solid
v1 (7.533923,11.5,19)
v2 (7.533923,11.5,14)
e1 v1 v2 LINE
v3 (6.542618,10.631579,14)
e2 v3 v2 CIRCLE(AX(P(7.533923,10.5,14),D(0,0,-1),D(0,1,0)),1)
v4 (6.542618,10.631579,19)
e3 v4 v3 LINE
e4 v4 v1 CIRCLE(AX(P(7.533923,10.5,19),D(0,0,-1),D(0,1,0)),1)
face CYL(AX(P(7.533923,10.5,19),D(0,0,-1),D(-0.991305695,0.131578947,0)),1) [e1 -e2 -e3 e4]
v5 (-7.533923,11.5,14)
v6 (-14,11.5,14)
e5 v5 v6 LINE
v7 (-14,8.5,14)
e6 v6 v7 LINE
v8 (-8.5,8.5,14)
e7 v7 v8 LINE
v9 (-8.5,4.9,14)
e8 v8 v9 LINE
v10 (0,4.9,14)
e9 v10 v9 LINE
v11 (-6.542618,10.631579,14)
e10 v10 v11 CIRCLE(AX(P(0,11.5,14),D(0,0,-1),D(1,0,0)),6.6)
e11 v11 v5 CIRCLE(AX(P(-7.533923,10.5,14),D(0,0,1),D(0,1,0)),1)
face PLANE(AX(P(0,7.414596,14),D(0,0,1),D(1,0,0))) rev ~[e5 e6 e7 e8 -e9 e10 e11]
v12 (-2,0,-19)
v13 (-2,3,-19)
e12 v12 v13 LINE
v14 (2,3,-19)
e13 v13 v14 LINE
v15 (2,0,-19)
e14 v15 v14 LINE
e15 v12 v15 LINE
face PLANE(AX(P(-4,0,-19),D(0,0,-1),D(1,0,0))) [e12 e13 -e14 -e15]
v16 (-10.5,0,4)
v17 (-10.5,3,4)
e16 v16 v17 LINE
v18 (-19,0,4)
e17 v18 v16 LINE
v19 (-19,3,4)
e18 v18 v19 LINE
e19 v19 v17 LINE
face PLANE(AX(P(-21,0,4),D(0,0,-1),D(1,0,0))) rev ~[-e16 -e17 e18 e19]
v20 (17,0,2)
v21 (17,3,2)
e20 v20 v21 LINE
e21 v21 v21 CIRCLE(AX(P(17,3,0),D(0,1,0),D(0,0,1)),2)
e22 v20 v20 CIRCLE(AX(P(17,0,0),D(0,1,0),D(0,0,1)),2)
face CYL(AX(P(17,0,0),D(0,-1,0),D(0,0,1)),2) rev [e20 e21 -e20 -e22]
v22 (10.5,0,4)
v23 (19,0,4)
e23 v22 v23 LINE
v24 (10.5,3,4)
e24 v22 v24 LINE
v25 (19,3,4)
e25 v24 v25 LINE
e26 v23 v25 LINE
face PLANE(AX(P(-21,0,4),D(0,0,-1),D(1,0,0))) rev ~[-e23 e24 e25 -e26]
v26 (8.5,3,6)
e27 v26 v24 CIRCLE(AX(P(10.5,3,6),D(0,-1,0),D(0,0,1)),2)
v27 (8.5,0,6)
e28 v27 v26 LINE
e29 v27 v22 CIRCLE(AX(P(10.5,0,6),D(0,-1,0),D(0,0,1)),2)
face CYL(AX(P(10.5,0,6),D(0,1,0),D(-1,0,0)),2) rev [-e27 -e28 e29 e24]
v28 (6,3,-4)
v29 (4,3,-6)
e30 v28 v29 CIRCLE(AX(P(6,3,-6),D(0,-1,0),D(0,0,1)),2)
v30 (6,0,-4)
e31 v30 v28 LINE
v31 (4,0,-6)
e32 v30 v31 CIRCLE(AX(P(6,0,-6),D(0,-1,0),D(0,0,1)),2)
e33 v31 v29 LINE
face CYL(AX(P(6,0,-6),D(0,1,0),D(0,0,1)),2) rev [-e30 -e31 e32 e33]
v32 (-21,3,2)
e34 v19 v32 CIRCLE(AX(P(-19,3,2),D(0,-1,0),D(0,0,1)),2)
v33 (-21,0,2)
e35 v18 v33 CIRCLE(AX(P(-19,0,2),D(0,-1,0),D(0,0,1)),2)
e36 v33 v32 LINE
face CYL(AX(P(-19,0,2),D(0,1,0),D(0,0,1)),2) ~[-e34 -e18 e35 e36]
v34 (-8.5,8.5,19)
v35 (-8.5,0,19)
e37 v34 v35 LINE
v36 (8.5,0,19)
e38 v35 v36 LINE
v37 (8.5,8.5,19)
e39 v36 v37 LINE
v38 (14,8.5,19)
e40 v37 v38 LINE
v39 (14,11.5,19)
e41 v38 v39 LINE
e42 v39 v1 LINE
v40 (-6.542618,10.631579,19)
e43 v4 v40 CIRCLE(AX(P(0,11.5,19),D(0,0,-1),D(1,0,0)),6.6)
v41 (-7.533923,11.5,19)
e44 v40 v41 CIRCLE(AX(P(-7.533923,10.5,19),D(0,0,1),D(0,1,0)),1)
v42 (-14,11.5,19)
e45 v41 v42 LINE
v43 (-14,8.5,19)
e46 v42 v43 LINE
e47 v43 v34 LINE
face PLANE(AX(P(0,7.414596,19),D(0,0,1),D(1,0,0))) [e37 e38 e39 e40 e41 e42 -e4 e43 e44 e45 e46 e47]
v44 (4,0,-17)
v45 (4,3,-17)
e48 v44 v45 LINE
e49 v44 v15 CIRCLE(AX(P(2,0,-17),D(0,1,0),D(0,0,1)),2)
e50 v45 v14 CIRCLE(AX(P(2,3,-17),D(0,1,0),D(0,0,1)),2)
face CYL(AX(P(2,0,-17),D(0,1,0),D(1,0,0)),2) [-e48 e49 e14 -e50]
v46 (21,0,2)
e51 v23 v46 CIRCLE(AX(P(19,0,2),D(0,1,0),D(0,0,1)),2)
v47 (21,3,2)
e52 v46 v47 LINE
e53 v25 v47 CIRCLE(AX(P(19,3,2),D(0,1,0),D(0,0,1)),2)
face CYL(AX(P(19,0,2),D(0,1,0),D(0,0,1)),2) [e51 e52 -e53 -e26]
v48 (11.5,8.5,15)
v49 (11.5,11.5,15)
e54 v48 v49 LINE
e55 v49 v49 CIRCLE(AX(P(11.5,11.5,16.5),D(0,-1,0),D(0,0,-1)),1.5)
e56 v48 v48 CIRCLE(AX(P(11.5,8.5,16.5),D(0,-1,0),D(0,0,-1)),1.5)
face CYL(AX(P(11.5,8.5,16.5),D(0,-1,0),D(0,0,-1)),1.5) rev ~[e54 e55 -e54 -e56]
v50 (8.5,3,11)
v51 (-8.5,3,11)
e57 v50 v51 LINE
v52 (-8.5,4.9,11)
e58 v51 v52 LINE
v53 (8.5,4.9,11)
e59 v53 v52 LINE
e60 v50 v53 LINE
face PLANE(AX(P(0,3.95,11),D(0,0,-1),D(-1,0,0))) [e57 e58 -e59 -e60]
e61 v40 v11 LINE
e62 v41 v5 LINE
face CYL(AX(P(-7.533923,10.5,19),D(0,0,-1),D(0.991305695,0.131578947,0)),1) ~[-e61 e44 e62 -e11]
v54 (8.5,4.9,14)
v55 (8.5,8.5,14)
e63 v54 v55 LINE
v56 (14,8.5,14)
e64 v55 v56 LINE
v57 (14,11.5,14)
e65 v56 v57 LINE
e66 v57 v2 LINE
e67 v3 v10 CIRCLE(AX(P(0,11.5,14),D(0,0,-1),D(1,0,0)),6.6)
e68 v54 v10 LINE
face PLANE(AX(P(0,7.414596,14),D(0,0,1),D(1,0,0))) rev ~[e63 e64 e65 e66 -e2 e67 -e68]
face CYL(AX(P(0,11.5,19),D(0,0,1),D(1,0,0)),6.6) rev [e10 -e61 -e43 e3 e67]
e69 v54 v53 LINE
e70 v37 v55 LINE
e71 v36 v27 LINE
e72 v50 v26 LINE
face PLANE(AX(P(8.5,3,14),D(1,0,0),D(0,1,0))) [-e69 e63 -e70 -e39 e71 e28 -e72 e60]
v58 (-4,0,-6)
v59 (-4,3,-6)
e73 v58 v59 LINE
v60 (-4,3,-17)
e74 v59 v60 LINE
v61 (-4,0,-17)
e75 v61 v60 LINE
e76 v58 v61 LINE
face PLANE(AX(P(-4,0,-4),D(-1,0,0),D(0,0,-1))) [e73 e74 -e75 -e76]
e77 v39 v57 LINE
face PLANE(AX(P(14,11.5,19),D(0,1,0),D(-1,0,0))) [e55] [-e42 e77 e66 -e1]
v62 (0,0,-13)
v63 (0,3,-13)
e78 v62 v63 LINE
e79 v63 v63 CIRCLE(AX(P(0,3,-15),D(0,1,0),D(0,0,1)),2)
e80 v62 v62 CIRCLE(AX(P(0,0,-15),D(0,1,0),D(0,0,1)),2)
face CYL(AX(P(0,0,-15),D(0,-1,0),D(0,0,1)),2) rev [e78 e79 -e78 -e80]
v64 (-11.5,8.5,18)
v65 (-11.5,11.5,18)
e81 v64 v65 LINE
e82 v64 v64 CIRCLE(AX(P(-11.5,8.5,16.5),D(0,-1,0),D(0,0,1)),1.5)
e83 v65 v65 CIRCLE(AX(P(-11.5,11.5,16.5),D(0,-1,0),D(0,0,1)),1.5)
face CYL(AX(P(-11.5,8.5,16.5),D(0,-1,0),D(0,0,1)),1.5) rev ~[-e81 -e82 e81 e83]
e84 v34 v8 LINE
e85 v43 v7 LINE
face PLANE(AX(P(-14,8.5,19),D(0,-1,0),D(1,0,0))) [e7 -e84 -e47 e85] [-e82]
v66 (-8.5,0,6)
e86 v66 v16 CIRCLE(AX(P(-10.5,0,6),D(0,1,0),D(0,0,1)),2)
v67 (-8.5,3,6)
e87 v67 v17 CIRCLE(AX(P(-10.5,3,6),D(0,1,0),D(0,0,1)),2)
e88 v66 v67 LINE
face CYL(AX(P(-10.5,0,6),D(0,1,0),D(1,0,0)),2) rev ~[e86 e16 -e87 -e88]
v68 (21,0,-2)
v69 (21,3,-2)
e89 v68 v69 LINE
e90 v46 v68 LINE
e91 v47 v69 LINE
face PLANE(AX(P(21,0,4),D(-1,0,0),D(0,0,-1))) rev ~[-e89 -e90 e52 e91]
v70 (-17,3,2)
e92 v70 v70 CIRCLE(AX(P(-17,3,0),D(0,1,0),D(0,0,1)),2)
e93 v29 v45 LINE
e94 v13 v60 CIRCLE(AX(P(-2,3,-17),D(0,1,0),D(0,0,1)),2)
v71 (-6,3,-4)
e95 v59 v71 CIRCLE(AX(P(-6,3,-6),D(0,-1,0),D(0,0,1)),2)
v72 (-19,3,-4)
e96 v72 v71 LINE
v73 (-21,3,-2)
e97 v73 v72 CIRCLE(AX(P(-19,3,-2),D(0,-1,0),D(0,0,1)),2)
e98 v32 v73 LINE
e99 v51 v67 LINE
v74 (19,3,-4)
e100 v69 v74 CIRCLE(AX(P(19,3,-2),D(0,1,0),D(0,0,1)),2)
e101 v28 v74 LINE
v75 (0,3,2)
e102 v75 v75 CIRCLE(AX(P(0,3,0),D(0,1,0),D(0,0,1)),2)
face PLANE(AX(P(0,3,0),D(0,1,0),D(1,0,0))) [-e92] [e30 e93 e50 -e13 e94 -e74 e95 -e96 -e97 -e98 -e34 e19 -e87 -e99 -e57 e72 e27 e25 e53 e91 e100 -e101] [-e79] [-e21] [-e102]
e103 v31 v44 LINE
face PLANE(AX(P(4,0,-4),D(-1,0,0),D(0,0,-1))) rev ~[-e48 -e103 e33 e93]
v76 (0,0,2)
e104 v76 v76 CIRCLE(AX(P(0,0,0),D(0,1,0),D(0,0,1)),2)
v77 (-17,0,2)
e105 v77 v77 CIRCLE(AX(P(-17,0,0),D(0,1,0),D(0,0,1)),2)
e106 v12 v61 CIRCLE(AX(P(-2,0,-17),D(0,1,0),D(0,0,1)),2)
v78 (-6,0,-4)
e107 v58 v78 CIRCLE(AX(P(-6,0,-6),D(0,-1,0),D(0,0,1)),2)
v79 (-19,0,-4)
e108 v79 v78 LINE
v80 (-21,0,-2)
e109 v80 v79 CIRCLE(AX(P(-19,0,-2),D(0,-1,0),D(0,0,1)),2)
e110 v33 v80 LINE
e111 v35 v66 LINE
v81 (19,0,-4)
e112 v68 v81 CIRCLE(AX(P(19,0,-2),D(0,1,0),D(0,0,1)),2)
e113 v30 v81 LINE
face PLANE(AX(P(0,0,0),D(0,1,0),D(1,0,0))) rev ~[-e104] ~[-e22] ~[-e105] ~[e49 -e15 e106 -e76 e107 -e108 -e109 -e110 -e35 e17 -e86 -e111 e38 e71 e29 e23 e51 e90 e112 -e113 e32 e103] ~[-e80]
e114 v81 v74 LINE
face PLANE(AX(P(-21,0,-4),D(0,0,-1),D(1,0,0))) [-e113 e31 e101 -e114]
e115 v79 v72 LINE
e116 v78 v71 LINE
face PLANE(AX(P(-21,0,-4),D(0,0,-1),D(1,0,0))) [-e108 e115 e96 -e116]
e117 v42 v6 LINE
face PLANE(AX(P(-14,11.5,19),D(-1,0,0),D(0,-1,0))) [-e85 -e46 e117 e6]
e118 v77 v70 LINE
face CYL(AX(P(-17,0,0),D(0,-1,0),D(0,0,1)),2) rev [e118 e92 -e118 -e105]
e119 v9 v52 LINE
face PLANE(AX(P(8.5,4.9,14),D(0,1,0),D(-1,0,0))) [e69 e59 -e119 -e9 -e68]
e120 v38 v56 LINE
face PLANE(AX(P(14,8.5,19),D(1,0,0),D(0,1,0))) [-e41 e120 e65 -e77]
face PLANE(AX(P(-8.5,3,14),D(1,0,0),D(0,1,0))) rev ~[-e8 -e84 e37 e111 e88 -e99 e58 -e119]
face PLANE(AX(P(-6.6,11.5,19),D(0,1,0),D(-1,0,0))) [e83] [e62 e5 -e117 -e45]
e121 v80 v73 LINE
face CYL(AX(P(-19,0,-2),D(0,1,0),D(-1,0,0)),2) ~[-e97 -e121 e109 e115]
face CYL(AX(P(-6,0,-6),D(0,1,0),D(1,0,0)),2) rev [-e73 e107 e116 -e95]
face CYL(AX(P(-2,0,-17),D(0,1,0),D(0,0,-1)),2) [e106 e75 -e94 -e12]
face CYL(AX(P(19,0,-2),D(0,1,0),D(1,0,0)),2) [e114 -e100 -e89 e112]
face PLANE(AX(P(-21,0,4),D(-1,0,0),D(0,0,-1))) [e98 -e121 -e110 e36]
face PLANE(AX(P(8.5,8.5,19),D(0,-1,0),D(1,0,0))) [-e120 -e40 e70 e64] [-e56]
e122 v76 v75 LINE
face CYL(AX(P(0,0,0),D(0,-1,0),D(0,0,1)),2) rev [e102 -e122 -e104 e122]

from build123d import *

# Parameters (mm, degrees)
SKETCH2_R           = 2
BOSS_EXTRUDE1_DEPTH = 3
SKETCH2_3_W         = 17
SKETCH2_3_H         = 15
BOSS_EXTRUDE2_DEPTH = 3
BOSS_EXTRUDE3_DEPTH = 5
SKETCH4_W           = 17
SKETCH4_H           = 1.9
BOSS_EXTRUDE4_DEPTH = 3
SKETCH5_R           = 1.5
CUT_EXTRUDE1_DEPTH  = 30.567718884
FILLET1_R           = 1
FILLET2_R           = 2


with BuildPart() as part:
    # Sketch2 → Boss-Extrude1 (new body)
    with BuildSketch(Plane(origin=(0, 0, 0), x_dir=(1, 0, 0), z_dir=(0, 1, 0))):
        Polygon((-4, 4), (-21, 4), (-21, -4), (21, -4), (21, 4), (4, 4), (4, 19), (-4, 19), align=None)
        with Locations((-17, 0)):
            Circle(SKETCH2_R, mode=Mode.SUBTRACT)
        Circle(SKETCH2_R, mode=Mode.SUBTRACT)
        with Locations((17, 0)):
            Circle(SKETCH2_R, mode=Mode.SUBTRACT)
        with Locations((0, 15)):
            Circle(SKETCH2_R, mode=Mode.SUBTRACT)
    extrude(amount=BOSS_EXTRUDE1_DEPTH)

    # Sketch2<3> → Boss-Extrude2 (add)
    with BuildSketch(Plane(origin=(0, 0, 0), x_dir=(1, 0, 0), z_dir=(0, 1, 0))):
        with Locations((0, -11.5)):
            Rectangle(SKETCH2_3_W, SKETCH2_3_H)
    extrude(amount=BOSS_EXTRUDE2_DEPTH)

    # Sketch3 → Boss-Extrude3 (add)
    with BuildSketch(Plane.XY.offset(19)):
        with BuildLine():
            Line((-8.5, 11.5), (-14, 11.5))
            Line((-14, 11.5), (-14, 8.5))
            Line((-14, 8.5), (-8.5, 8.5))
            Line((-8.5, 8.5), (-8.5, 3))
            Line((-8.5, 3), (8.5, 3))
            Line((8.5, 3), (8.5, 8.5))
            Line((8.5, 8.5), (14, 8.5))
            Line((14, 8.5), (14, 11.5))
            Line((14, 11.5), (8.5, 11.5))
            Line((8.5, 11.5), (6.6, 11.5))
            ThreePointArc((6.6, 11.5), (0, 4.9), (-6.6, 11.5))
            Line((-6.6, 11.5), (-8.5, 11.5))
        make_face()
    extrude(amount=-BOSS_EXTRUDE3_DEPTH)

    # Sketch4 → Boss-Extrude4 (add)
    with BuildSketch(Plane(origin=(0, 0, 14), x_dir=(-1, 0, 0), z_dir=(0, 0, -1))):
        with Locations((0, 3.95)):
            Rectangle(SKETCH4_W, SKETCH4_H)
    extrude(amount=BOSS_EXTRUDE4_DEPTH)

    # Sketch5 → Cut-Extrude1 (cut, through all)
    with BuildSketch(Plane.XZ.offset(-8.5)):
        with Locations((11.5, 16.5)):
            Circle(SKETCH5_R)
        with Locations((-11.5, 16.5)):
            Circle(SKETCH5_R)
    extrude(amount=-CUT_EXTRUDE1_DEPTH, mode=Mode.SUBTRACT)

    # Fillet1
    fillet1_edges = [part.edges().sort_by_distance(p)[0] for p in [
        (6.6, 11.5, 16.5),
        (-6.6, 11.5, 16.5),
    ]]
    fillet(fillet1_edges, radius=FILLET1_R)

    # Fillet2
    fillet2_edges = [part.edges().sort_by_distance(p)[0] for p in [
        (-21, 1.5, 4),
        (-21, 1.5, -4),
        (-4, 1.5, -19),
        (4, 1.5, -19),
        (21, 1.5, -4),
        (21, 1.5, 4),
        (4, 1.5, -4),
        (-4, 1.5, -4),
        (-8.5, 1.5, 4),
        (8.5, 1.5, 4),
    ]]
    fillet(fillet2_edges, radius=FILLET2_R)


solid = part.part
